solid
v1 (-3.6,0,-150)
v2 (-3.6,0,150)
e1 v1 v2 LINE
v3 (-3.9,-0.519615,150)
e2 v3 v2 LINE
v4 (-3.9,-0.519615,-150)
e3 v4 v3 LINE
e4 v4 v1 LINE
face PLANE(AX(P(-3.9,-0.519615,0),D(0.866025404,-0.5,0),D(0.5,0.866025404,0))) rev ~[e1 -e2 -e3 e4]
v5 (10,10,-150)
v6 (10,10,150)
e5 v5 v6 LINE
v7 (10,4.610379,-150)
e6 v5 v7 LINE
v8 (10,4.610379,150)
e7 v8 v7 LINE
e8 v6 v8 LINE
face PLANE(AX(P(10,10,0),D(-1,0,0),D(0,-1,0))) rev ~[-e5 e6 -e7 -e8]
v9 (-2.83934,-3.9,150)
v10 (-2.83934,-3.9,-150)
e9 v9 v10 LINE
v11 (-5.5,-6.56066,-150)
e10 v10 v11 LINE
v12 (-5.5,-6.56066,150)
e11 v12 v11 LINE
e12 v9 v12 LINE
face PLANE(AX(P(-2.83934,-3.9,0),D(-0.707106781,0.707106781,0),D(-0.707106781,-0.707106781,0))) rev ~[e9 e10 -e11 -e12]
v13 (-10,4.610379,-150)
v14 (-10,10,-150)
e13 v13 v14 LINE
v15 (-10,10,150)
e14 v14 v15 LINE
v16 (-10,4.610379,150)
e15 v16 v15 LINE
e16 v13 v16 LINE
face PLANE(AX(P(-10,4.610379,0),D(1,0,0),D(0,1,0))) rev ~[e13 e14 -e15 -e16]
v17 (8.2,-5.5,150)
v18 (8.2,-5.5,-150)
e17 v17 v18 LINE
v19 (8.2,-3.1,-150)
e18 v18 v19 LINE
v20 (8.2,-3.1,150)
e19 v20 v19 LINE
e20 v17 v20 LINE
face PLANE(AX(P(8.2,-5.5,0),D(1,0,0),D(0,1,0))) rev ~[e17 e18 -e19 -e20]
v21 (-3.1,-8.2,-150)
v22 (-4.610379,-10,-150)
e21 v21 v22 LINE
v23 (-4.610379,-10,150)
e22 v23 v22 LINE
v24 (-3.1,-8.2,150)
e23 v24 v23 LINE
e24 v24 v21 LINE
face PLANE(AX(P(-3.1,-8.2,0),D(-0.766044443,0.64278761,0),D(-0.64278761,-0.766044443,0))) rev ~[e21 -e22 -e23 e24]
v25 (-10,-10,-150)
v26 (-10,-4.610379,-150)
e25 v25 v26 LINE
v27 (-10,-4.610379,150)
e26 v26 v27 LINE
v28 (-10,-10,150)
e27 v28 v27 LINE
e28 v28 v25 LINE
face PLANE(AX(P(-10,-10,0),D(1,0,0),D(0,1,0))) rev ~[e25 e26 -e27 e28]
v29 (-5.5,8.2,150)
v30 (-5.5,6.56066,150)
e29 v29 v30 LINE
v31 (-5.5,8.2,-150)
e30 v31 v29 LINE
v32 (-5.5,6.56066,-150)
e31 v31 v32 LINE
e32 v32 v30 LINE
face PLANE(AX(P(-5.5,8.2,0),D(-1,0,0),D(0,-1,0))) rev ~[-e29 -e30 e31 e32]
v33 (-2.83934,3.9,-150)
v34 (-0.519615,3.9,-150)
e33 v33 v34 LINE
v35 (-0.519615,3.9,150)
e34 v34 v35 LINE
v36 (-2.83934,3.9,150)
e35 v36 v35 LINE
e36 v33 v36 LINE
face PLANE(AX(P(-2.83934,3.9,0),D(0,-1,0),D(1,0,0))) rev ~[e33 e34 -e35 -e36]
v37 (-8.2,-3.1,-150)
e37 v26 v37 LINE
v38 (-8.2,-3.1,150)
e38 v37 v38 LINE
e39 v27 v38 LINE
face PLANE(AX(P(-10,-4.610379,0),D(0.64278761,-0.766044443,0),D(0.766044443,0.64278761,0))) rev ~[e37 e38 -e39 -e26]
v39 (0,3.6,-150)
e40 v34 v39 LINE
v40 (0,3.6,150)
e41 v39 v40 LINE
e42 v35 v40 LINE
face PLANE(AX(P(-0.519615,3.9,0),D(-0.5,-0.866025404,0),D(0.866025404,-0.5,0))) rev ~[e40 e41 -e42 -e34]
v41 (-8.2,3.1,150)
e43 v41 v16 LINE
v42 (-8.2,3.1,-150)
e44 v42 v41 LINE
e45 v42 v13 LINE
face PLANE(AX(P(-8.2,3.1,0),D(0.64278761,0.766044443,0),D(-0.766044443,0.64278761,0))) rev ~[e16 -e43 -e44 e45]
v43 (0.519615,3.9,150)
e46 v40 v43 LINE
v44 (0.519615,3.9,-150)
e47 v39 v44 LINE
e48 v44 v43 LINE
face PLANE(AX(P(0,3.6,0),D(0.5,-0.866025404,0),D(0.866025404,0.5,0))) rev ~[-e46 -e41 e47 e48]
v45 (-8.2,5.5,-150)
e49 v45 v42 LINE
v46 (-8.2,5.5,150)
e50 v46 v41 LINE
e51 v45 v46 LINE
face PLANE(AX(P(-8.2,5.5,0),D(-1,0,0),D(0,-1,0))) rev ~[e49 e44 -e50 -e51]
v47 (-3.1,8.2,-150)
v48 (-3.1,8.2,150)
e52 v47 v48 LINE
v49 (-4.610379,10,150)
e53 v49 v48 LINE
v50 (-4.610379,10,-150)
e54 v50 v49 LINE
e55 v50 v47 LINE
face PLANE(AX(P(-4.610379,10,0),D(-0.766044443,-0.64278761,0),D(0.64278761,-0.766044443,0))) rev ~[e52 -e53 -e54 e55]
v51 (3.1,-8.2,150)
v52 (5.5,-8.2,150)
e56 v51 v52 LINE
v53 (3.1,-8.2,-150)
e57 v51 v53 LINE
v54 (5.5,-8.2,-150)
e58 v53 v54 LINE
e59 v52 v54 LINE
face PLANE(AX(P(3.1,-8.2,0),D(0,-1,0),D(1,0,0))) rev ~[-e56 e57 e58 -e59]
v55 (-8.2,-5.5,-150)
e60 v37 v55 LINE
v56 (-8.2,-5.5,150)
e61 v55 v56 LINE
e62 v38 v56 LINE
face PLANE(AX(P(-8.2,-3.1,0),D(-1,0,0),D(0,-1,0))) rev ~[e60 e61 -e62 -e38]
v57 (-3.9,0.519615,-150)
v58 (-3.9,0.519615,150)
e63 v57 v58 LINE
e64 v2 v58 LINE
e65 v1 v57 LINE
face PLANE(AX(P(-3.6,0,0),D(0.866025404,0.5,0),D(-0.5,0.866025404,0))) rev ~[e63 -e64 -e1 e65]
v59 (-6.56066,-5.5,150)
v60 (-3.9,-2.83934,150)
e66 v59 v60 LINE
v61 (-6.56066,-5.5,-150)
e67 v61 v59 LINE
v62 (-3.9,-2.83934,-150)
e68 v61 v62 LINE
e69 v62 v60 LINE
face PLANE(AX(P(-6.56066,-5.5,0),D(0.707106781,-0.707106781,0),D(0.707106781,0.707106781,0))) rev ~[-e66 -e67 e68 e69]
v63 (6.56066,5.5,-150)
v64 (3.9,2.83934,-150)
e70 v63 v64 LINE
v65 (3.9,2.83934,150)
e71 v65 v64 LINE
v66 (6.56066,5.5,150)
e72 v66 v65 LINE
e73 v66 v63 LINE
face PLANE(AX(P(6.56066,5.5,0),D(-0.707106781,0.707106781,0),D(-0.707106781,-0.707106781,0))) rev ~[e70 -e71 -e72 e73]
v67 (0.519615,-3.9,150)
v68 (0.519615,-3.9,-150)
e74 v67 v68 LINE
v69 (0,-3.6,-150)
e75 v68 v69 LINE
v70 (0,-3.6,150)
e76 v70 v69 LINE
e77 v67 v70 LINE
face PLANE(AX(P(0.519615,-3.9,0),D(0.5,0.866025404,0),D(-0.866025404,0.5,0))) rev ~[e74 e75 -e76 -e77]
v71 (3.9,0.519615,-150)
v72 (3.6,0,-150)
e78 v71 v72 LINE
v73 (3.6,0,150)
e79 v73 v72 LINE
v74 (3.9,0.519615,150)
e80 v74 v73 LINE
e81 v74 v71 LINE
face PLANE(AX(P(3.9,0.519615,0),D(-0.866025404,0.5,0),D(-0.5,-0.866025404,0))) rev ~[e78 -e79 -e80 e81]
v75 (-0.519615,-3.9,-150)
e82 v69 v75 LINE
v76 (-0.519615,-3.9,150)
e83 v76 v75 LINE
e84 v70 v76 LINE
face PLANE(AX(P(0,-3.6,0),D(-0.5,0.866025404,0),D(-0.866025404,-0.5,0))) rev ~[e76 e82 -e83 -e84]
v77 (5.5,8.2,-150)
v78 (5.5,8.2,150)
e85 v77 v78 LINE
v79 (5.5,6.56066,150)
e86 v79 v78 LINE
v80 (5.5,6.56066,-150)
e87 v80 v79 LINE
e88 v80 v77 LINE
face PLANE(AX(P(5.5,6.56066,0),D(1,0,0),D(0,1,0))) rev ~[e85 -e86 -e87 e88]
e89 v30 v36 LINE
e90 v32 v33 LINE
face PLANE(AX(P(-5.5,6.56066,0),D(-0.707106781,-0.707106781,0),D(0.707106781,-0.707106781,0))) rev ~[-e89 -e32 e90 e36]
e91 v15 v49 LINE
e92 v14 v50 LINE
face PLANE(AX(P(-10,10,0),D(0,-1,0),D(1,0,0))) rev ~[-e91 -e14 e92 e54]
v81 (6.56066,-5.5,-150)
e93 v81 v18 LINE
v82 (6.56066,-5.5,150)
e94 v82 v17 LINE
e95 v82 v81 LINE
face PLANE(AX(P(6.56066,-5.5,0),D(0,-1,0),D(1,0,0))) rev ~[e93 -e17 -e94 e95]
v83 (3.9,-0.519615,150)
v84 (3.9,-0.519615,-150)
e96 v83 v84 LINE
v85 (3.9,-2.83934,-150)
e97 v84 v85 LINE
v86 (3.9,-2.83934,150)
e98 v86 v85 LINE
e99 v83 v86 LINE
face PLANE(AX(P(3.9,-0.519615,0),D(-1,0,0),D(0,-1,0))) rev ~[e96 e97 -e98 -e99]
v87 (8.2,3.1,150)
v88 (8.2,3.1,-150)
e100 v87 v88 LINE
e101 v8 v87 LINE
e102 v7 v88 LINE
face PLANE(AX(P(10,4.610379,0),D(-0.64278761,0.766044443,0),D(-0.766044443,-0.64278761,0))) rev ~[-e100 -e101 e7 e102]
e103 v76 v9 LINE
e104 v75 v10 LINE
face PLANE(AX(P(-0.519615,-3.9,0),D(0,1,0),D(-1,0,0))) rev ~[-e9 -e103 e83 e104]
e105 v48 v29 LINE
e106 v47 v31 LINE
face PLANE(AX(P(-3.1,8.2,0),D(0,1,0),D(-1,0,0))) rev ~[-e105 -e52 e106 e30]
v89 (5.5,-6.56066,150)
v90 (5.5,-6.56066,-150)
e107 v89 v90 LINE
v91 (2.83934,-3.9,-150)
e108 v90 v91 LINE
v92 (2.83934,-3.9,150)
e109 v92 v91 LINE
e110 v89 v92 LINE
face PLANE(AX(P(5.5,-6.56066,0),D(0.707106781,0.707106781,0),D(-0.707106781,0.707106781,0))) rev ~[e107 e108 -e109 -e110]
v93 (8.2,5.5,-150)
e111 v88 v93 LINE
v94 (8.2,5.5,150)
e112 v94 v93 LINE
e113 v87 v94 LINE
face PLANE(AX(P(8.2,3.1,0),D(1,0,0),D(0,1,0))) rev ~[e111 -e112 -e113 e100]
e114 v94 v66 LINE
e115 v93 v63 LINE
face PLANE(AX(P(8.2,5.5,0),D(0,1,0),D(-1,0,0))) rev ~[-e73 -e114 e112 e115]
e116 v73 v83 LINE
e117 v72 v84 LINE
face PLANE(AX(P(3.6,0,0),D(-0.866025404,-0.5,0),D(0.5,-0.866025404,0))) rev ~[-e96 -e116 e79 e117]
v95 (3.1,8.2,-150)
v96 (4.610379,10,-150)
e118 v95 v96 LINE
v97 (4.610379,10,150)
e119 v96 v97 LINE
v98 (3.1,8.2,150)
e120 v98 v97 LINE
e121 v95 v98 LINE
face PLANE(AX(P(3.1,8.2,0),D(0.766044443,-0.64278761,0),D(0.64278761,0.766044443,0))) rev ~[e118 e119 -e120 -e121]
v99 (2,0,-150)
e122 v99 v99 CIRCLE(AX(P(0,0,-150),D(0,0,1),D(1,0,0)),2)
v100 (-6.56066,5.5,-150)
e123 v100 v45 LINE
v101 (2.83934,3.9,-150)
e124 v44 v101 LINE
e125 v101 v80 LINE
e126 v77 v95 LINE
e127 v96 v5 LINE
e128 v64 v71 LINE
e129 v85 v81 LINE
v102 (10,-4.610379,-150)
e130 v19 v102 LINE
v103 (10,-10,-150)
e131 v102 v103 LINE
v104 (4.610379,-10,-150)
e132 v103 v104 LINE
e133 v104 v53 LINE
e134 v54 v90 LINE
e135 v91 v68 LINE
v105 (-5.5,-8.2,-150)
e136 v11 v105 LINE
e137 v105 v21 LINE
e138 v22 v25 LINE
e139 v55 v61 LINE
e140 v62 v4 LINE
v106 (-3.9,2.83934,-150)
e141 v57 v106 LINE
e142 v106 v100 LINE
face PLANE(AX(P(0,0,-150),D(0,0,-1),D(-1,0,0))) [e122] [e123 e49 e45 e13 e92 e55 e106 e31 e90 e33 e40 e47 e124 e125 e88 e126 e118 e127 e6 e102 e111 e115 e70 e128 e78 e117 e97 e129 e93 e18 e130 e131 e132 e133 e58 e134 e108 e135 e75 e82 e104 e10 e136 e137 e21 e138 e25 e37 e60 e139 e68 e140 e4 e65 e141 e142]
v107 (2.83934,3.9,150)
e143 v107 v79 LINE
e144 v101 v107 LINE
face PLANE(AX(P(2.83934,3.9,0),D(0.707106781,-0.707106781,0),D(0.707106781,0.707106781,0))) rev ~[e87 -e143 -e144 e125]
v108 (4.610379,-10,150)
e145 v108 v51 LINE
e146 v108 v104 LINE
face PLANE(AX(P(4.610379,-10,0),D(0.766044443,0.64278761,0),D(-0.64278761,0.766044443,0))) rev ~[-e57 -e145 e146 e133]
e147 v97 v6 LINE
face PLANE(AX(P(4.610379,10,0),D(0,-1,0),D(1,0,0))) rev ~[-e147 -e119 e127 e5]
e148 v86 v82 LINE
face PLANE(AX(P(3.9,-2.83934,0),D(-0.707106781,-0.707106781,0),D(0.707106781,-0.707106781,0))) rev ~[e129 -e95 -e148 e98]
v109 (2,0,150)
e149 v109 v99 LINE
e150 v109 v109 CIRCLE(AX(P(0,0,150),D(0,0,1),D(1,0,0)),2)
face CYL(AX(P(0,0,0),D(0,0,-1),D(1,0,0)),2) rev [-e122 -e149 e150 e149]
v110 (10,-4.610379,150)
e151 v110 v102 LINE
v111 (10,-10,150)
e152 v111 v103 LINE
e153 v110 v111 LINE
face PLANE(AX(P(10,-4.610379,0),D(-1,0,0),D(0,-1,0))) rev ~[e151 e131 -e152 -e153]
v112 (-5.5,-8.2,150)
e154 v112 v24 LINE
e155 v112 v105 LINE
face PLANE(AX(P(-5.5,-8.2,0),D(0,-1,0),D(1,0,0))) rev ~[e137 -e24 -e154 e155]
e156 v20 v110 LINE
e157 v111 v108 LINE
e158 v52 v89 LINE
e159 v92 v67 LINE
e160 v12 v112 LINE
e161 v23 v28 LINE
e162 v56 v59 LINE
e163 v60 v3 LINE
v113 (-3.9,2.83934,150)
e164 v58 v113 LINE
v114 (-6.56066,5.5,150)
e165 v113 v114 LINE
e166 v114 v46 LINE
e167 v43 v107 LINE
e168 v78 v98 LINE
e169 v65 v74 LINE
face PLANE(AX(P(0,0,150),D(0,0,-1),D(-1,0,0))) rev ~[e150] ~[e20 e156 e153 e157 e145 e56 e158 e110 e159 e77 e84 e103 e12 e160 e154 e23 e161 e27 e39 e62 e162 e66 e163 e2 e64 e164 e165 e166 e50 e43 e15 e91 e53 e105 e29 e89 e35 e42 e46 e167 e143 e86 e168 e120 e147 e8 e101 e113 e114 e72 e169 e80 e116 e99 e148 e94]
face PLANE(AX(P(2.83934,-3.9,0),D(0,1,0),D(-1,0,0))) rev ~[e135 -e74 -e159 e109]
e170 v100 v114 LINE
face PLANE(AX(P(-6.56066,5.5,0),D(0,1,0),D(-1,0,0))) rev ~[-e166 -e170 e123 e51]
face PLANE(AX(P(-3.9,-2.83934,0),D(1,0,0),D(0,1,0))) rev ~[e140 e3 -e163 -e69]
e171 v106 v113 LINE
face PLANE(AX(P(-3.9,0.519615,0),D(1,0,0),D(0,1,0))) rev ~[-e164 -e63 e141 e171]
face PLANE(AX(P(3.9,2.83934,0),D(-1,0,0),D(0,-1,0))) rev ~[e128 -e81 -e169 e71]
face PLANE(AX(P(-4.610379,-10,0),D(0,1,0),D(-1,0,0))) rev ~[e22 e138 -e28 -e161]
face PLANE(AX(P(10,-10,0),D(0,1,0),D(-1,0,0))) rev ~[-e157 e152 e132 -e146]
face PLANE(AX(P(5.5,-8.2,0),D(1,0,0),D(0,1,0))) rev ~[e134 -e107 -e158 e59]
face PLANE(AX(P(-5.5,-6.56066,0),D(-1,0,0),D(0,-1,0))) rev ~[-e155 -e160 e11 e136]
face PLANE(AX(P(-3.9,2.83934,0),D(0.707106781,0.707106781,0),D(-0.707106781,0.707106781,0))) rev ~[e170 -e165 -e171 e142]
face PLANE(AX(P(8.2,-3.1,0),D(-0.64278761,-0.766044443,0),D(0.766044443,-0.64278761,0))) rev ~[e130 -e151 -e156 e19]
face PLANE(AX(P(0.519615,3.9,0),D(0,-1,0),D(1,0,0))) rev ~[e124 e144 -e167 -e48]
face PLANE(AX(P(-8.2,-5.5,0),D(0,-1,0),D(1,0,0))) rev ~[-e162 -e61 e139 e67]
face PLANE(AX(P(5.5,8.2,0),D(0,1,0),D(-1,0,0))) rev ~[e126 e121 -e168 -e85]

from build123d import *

# Parameters (mm, degrees)
SKETCH1_R           = 2
BOSS_EXTRUDE1_DEPTH = 150


with BuildPart() as part:
    # Sketch1 → Boss-Extrude1 (new body, symmetric)
    with BuildSketch(Plane.XY):
        Polygon((10, 10), (10, 4.610379336), (8.2, 3.1), (8.2, 5.5), (6.560660172, 5.5), (3.9, 2.839339828), (3.9, 0.519615242), (3.6, 0), (3.9, -0.519615242), (3.9, -2.839339828), (6.560660172, -5.5), (8.2, -5.5), (8.2, -3.1), (10, -4.610379336), (10, -10), (4.610379336, -10), (3.1, -8.2), (5.5, -8.2), (5.5, -6.560660172), (2.839339828, -3.9), (0.519615242, -3.9), (0, -3.6), (-0.519615242, -3.9), (-2.839339828, -3.9), (-5.5, -6.560660172), (-5.5, -8.2), (-3.1, -8.2), (-4.610379336, -10), (-10, -10), (-10, -4.610379336), (-8.2, -3.1), (-8.2, -5.5), (-6.560660172, -5.5), (-3.9, -2.839339828), (-3.9, -0.519615242), (-3.6, 0), (-3.9, 0.519615242), (-3.9, 2.839339828), (-6.560660172, 5.5), (-8.2, 5.5), (-8.2, 3.1), (-10, 4.610379336), (-10, 10), (-4.610379336, 10), (-3.1, 8.2), (-5.5, 8.2), (-5.5, 6.560660172), (-2.839339828, 3.9), (-0.519615242, 3.9), (0, 3.6), (0.519615242, 3.9), (2.839339828, 3.9), (5.5, 6.560660172), (5.5, 8.2), (3.1, 8.2), (4.610379336, 10), align=None)
        Circle(SKETCH1_R, mode=Mode.SUBTRACT)
    extrude(amount=BOSS_EXTRUDE1_DEPTH, both=True)


solid = part.part
